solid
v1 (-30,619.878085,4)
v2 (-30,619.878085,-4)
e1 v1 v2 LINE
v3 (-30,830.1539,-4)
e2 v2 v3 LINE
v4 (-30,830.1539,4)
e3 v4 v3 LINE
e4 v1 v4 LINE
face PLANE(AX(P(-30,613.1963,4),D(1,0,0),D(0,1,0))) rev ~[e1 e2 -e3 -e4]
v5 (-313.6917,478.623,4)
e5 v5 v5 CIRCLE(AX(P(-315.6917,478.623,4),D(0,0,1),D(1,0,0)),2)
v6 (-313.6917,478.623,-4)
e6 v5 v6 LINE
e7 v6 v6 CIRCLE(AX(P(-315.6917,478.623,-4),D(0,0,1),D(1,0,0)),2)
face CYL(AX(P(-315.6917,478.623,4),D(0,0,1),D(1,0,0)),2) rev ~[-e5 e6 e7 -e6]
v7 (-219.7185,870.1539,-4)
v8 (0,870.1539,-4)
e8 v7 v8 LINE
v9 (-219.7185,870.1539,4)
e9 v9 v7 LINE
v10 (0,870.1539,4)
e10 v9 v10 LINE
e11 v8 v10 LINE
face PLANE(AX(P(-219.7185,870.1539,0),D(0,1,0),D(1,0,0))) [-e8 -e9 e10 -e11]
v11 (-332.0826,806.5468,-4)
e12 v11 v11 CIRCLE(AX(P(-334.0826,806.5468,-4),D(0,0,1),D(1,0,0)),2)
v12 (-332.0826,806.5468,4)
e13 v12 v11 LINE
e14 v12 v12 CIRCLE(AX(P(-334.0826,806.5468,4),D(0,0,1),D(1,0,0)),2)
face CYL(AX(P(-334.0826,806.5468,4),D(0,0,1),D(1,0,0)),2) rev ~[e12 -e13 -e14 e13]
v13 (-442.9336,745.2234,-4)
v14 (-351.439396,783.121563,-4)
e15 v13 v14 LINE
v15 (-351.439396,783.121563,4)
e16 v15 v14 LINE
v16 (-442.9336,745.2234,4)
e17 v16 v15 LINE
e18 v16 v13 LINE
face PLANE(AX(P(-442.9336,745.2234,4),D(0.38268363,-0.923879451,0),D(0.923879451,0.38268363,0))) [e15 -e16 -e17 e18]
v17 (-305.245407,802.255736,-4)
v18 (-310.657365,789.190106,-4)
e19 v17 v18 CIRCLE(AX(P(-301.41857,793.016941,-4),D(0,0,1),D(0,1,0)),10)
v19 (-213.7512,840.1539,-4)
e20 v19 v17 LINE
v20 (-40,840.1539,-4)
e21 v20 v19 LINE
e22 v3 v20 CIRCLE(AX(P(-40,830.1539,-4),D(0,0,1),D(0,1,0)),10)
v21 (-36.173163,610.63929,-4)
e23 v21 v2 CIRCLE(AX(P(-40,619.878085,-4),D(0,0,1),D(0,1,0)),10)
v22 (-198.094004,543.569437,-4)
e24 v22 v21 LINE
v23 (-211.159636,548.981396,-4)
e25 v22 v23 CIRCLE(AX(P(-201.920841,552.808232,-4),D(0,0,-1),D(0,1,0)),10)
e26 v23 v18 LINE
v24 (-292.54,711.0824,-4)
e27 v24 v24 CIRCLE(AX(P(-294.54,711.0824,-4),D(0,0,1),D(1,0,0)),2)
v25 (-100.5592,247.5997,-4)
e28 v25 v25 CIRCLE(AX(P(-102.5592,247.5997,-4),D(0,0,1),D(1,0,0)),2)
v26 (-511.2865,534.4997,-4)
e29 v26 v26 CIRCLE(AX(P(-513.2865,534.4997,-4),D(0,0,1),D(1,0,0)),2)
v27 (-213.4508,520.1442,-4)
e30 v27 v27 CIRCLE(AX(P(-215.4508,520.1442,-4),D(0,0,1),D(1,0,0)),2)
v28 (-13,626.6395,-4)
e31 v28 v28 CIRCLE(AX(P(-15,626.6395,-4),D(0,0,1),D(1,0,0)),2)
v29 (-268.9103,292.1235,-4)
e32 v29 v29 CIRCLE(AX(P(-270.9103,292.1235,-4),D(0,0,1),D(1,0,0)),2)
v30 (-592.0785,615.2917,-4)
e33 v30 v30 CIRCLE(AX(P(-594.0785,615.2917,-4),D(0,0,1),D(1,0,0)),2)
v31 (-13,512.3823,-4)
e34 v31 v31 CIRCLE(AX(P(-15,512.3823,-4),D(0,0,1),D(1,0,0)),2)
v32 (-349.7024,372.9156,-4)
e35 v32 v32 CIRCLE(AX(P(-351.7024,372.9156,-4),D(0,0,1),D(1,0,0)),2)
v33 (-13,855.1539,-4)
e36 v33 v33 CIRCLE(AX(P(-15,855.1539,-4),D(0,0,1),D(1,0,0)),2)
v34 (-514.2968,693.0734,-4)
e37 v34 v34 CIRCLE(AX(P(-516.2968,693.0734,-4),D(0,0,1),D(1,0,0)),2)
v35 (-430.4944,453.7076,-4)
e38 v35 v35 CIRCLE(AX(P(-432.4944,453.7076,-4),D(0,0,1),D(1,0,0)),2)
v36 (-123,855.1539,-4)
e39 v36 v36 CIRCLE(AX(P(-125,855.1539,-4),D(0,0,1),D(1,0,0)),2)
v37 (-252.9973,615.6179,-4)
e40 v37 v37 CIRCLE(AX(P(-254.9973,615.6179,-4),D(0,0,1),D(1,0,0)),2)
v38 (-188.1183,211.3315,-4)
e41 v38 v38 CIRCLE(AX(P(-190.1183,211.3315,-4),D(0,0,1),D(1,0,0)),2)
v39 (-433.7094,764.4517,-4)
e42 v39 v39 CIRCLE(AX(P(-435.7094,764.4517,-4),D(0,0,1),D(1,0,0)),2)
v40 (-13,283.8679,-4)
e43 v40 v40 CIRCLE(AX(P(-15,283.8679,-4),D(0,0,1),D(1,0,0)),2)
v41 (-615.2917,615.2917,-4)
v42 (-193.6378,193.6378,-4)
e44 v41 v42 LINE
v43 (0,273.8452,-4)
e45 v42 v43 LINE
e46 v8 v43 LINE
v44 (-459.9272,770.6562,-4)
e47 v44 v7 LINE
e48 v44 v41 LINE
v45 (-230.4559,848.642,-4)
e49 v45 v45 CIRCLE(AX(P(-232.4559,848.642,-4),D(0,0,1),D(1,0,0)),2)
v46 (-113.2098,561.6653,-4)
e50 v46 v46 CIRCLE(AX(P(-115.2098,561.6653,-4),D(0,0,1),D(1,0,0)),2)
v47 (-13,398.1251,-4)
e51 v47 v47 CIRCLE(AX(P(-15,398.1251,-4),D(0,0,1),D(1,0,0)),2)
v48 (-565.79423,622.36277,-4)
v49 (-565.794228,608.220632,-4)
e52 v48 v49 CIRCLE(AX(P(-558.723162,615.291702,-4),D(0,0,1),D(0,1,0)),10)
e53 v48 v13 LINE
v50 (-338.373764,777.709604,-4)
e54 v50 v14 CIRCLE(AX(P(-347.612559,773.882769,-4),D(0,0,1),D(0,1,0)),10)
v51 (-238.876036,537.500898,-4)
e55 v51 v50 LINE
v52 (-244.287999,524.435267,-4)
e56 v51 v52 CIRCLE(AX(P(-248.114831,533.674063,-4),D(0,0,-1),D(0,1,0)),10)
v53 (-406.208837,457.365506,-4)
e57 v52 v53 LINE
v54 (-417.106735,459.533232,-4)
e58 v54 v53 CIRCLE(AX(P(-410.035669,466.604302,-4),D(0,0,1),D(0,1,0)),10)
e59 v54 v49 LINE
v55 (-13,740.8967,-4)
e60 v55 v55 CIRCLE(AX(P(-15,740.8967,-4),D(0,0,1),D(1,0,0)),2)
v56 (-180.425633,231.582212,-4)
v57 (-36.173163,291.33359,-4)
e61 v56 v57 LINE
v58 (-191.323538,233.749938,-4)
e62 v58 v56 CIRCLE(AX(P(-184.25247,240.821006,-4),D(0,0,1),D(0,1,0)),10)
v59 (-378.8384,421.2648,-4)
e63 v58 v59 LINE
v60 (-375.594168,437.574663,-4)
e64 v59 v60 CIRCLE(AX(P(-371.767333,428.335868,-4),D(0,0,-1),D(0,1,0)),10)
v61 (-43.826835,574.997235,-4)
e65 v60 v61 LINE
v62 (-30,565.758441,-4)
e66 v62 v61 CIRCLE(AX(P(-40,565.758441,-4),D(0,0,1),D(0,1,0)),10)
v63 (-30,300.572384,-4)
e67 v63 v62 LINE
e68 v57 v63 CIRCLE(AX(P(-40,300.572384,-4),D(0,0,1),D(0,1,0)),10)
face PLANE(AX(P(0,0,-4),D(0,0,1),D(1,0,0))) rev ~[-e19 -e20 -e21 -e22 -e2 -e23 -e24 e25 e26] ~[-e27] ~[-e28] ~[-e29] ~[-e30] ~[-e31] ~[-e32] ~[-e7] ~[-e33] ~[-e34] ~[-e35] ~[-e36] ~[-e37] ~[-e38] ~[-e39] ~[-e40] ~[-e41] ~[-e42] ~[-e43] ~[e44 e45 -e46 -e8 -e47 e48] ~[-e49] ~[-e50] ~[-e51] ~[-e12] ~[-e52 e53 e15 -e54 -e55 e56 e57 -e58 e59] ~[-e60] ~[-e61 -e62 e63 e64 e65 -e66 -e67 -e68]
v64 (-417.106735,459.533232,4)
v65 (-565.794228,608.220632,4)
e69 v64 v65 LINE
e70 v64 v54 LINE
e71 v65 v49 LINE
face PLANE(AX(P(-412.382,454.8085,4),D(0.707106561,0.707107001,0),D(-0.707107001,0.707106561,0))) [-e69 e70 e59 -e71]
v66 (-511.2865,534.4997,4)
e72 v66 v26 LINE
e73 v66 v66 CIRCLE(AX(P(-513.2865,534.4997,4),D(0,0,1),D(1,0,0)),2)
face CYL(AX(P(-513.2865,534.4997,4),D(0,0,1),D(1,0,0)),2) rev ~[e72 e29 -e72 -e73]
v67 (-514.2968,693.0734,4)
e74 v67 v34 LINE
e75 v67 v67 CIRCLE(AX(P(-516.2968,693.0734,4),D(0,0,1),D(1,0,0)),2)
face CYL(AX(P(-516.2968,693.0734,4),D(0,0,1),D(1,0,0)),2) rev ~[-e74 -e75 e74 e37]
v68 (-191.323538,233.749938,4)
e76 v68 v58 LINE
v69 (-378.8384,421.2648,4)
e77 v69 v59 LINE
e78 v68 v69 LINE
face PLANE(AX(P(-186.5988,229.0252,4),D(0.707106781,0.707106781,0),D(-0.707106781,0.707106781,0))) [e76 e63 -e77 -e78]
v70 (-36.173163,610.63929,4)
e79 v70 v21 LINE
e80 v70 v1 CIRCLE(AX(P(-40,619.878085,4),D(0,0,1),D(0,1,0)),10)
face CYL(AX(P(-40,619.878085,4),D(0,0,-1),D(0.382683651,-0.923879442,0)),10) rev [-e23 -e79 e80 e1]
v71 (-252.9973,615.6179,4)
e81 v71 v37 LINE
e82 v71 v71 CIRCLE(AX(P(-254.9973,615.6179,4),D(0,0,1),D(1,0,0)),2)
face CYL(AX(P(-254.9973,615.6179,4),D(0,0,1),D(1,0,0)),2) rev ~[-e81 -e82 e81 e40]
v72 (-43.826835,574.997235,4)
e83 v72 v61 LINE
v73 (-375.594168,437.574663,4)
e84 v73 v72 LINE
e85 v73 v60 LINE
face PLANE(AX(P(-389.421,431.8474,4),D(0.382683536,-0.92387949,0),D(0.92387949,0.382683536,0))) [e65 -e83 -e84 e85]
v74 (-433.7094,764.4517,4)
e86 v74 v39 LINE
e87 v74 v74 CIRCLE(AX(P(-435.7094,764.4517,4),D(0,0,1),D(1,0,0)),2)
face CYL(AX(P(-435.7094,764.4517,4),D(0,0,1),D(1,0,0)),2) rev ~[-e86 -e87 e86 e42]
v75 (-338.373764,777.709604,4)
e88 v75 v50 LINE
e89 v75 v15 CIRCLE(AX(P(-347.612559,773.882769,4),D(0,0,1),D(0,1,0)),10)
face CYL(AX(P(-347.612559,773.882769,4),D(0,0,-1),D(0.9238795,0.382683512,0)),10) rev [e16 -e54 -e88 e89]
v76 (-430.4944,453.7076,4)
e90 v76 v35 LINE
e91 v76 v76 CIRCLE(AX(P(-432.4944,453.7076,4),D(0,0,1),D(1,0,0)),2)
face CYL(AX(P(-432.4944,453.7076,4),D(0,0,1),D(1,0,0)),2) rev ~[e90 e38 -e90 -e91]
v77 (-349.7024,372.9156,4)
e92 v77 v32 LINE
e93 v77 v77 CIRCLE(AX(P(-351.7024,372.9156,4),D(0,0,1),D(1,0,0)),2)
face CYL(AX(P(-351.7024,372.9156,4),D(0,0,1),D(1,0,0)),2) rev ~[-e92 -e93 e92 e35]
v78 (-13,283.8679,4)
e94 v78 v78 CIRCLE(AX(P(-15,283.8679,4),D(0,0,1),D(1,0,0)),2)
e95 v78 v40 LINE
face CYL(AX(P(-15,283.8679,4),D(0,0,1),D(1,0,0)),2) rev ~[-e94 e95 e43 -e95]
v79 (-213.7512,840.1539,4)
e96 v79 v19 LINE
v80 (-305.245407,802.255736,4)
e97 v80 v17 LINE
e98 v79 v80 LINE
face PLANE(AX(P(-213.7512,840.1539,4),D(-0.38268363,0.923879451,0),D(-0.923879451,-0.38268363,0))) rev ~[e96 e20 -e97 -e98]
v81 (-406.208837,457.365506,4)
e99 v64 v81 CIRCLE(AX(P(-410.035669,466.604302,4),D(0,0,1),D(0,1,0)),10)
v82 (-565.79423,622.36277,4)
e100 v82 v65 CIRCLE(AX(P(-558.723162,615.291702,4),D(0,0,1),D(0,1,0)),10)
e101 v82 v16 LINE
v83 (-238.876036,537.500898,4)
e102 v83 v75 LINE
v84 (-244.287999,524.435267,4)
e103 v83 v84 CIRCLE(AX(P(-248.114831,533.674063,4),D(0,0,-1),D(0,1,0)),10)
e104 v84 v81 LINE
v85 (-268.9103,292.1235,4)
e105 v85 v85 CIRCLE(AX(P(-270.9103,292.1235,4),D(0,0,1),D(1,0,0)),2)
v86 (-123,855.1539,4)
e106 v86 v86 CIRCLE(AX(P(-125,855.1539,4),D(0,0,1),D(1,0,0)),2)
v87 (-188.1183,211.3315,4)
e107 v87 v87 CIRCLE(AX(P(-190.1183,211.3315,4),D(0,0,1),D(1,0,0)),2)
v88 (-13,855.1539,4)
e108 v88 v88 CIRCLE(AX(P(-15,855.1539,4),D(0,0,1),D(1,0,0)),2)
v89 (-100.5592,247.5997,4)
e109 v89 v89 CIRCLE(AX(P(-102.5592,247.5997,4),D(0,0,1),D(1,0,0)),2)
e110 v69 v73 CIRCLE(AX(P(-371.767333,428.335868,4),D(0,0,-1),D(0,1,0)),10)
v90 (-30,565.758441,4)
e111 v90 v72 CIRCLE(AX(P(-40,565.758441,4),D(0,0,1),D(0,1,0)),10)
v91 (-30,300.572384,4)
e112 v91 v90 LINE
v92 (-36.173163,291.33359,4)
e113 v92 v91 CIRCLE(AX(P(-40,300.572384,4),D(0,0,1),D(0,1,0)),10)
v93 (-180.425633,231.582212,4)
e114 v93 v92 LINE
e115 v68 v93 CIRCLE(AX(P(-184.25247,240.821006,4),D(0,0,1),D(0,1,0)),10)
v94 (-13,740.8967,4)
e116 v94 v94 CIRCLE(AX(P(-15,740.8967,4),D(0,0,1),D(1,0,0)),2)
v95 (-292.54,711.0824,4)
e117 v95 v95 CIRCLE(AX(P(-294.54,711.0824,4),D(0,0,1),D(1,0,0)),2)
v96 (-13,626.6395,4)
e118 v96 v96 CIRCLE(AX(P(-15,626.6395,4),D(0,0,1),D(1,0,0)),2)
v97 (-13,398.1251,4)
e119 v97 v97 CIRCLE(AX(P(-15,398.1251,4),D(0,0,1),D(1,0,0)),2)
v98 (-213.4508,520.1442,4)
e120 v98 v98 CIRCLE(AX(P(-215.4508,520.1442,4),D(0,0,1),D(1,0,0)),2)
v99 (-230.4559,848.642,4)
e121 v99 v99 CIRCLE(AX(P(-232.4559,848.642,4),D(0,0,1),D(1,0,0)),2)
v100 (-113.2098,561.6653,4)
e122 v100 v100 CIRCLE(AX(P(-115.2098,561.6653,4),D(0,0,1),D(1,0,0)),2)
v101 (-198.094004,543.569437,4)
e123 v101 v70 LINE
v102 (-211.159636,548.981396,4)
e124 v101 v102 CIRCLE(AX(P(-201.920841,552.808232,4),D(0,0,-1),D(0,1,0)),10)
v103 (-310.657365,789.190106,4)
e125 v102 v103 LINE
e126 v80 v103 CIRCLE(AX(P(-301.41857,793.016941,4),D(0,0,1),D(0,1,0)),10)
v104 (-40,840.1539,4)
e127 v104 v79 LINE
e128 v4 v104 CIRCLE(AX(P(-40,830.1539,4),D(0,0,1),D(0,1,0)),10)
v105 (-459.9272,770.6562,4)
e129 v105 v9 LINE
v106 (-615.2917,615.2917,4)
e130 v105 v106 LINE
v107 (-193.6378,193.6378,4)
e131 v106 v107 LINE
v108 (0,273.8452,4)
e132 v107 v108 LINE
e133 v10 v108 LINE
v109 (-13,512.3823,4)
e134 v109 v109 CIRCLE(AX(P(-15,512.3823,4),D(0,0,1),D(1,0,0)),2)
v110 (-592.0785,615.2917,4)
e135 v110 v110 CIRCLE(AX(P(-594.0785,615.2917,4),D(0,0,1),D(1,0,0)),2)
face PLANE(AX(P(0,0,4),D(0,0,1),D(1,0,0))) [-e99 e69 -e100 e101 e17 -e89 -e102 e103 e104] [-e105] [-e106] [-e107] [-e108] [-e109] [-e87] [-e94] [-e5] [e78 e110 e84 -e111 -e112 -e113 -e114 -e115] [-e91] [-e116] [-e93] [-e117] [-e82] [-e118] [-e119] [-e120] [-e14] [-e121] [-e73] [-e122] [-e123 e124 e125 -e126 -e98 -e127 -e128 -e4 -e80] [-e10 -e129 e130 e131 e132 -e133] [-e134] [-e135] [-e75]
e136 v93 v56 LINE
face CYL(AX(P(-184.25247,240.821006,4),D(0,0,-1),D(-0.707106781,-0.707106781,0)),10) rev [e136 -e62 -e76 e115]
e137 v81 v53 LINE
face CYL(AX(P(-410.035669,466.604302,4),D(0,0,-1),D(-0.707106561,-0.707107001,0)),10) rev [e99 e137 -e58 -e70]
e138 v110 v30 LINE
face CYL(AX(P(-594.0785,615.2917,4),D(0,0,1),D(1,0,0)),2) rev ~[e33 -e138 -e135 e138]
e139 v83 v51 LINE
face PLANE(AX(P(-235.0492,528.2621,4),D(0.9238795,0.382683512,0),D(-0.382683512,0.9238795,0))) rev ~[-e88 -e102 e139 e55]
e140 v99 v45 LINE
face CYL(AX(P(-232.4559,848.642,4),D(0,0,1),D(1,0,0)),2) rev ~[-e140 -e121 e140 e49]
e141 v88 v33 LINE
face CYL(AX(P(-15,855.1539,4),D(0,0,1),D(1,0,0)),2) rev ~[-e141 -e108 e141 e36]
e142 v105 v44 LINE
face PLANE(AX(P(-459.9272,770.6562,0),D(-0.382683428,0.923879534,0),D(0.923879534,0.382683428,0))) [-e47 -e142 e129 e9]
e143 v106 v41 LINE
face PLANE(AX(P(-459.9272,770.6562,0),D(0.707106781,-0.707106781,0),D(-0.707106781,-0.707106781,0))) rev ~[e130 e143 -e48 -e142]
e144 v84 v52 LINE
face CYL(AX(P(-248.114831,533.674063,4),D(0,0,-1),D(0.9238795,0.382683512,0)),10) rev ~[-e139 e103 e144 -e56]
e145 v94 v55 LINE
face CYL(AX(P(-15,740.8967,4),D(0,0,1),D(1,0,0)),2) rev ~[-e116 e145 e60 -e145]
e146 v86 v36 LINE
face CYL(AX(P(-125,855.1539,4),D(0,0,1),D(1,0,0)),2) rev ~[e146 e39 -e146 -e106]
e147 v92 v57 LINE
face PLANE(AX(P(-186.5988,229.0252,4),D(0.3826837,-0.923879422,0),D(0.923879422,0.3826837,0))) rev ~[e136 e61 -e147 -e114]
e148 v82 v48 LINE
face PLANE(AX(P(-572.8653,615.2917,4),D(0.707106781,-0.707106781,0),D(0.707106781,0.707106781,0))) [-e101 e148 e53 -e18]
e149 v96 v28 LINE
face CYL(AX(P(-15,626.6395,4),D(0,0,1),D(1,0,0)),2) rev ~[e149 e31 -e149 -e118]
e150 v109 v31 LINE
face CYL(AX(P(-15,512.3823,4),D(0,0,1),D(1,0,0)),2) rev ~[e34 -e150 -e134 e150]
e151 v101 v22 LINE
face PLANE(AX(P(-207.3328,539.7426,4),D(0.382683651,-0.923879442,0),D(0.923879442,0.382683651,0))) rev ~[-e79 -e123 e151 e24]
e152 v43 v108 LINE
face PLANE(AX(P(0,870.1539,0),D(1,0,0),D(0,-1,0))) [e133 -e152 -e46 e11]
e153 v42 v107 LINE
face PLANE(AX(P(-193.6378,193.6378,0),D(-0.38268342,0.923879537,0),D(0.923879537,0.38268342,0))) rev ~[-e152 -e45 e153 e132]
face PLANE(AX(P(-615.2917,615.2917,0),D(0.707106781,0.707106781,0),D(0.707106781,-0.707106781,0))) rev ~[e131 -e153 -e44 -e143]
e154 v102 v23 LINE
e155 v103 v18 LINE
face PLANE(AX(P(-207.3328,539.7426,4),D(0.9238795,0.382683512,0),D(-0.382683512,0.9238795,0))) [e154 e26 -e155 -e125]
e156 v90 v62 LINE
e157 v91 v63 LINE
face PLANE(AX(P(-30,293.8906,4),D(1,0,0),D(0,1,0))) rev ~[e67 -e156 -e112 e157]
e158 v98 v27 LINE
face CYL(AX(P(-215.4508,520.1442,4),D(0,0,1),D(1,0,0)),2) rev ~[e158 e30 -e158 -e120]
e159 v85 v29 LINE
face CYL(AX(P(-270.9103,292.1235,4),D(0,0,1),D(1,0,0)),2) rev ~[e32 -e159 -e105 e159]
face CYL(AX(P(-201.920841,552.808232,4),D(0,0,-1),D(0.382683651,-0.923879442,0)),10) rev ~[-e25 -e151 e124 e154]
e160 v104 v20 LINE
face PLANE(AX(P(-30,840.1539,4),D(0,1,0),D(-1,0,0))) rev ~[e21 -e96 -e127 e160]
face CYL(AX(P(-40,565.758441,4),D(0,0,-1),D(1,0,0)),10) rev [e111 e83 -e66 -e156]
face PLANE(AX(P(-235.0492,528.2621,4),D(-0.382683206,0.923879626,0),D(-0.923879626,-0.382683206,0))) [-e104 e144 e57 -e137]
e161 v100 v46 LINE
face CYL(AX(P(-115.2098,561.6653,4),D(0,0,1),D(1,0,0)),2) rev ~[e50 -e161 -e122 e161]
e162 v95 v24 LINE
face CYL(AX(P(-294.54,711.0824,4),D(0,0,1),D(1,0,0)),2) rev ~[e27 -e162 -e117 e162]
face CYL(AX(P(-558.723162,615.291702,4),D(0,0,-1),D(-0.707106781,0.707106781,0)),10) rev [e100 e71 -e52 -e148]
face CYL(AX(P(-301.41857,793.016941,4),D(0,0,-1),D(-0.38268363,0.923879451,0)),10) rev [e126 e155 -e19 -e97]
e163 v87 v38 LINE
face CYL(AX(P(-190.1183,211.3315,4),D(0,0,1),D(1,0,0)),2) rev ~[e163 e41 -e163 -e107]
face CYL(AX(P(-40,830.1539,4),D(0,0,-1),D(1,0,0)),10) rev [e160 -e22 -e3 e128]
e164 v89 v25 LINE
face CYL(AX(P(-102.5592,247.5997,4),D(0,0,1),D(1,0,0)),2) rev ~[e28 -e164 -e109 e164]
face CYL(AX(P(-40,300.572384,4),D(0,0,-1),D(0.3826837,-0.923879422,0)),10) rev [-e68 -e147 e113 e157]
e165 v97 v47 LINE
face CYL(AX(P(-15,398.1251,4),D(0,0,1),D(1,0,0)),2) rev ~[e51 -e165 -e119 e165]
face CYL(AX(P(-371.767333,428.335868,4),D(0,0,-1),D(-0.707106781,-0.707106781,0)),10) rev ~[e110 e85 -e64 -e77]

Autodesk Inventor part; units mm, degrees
ref_plane "YZ Plane" through (0, 0, 0) normal (1, 0, 0) x (0, 1, 0)
ref_plane "XZ Plane" through (0, 0, 0) normal (0, 1, 0) x (-1, 0, 0)
ref_plane "XY Plane" through (0, 0, 0) normal (0, 0, 1) x (1, 0, 0)
sketch "Sketch1" plane through (0, 0, 0) normal (0, 0, 1) x (1, 0, 0)
  line L0 (0, 273.8452) -> (193.6378, 193.6378) construction
  line L1 (193.6378, 193.6378) -> (273.8452, 0) construction
  line L2 (273.8452, 0) -> (193.6378, -193.6378) construction
  line L3 (193.6378, -193.6378) -> (0, -273.8452) construction
  line L4 (0, -273.8452) -> (-193.6378, -193.6378) construction
  line L5 (-193.6378, -193.6378) -> (-273.8452, 0) construction
  line L6 (-273.8452, 0) -> (-193.6378, 193.6378) construction
  line L7 (-193.6378, 193.6378) -> (0, 273.8452)
  line L8 (-193.6378, 193.6378) -> (0, 273.8452)
  line L9 (-459.9272, 770.6562) -> (-219.7185, 870.1539)
  line L10 (-96.8189, 233.7415) -> (-339.8229, 820.405) construction
  line L11 (-219.7185, 870.1539) -> (0, 870.1539)
  line L12 (0, 870.1539) -> (0, 273.8452)
  line L13 (-459.9272, 770.6562) -> (-615.2917, 615.2917)
  line L14 (-615.2917, 615.2917) -> (-193.6378, 193.6378)
  point P0 (0, 0)
  point P1 (0, 0)
  dimension "d0" = 506
  dimension "d2" = 260
  dimension "d3" = 635
extrude "Extrusion1" add sketch "Sketch1" along normal mid plane 8
sketch "Sketch2" plane through (0, 0, 4) normal (0, 0, 1) x (1, 0, 0)
  line L0 (-219.7185, 870.1539) -> (-459.9272, 770.6562) projected
  line L1 (-459.9272, 770.6562) -> (-615.2917, 615.2917) projected
  line L2 (-235.0492, 528.2621) -> (-412.382, 454.8085)
  line L3 (-193.6378, 193.6378) -> (0, 273.8452) projected
  line L4 (-96.8189, 233.7415) -> (-339.8229, 820.405) construction
  line L5 (-615.2917, 615.2917) -> (-193.6378, 193.6378) projected
  line L6 (-412.382, 454.8085) -> (-572.8653, 615.2917)
  line L7 (-572.8653, 615.2917) -> (-442.9336, 745.2234)
  line L8 (-442.9336, 745.2234) -> (-342.2006, 786.9484)
  line L9 (-235.0492, 528.2621) -> (-342.2006, 786.9484)
  line L10 (-207.3328, 539.7426) -> (-30, 613.1963)
  line L11 (-30, 613.1963) -> (-30, 840.1539)
  line L12 (-30, 840.1539) -> (-213.7512, 840.1539)
  line L13 (-213.7512, 840.1539) -> (-314.4842, 798.4289)
  line L14 (-207.3328, 539.7426) -> (-314.4842, 798.4289)
  line L15 (0, 273.8452) -> (0, 870.1539) projected
  line L16 (-412.382, 454.8085) -> (-30, 613.1963) construction
  line L17 (-389.421, 431.8474) -> (-30, 580.7245)
  line L18 (-186.5988, 229.0252) -> (-30, 293.8906)
  line L19 (-30, 293.8906) -> (-30, 580.7245)
  line L20 (-186.5988, 229.0252) -> (-389.421, 431.8474)
  point P0 (0, 0)
  dimension "d11" = 30
  dimension "d12" = 280
  dimension "d13" = 30
  dimension "d14" = 30
  dimension "d15" = 15
  dimension "d21" = 30
  dimension "d22" = 30
  dimension "d23" = 30
  dimension "d24" = 30
extrude "Extrusion2" cut sketch "Sketch2" against normal up to surface (8 mm away)
fillet "Fillet1" radius 10 12 edges at (-572.8653, 615.2917, 0) (-342.2006, 786.9484, 0) (-235.0492, 528.2621, 0) (-412.382, 454.8085, 0) (-314.4842, 798.4289, 0) (-30, 840.1539, 0) (-30, 613.1963, 0) (-207.3328, 539.7426, 0) (-389.421, 431.8474, 0) (-30, 580.7245, 0) (-30, 293.8906, 0) (-186.5988, 229.0252, 0)
sketch "Sketch5" plane through (0, 0, 4) normal (0, 0, 1) x (1, 0, 0)
  line L0 (-219.7185, 870.1539) -> (-459.9272, 770.6562) projected
  line L1 (0, 870.1539) -> (-219.7185, 870.1539) projected
  line L2 (-459.9272, 770.6562) -> (-615.2917, 615.2917) projected
  line L3 (-615.2917, 615.2917) -> (-193.6378, 193.6378) projected
  line L4 (-193.6378, 193.6378) -> (0, 273.8452) projected
  line L5 (0, 273.8452) -> (0, 870.1539) projected
  line L6 (-15, 855.1539) -> (-216.7349, 855.1539) construction
  line L7 (-216.7349, 855.1539) -> (-451.4304, 757.9398) construction
  line L8 (-451.4304, 757.9398) -> (-594.0785, 615.2917) construction
  line L9 (-594.0785, 615.2917) -> (-190.1183, 211.3315) construction
  line L10 (-190.1183, 211.3315) -> (-15, 283.8679) construction
  line L11 (-15, 283.8679) -> (-15, 855.1539) construction
  line L12 (-375.5942, 437.5747) -> (-43.8268, 574.9973) projected
  line L13 (-211.1597, 548.9814) -> (-310.6574, 789.1901) projected
  line L14 (-415.9015, 437.1147) -> (-15, 603.1736) construction
  line L15 (-215.4508, 520.1442) -> (-334.0826, 806.5468) construction
  circle A0 centre (-334.0826, 806.5468) radius 2
  circle A1 centre (-215.4508, 520.1442) radius 2
  circle A2 centre (-294.54, 711.0824) radius 2
  circle A3 centre (-254.9973, 615.6179) radius 2
  circle A4 centre (-594.0785, 615.2917) radius 2
  circle A5 centre (-513.2865, 534.4997) radius 2
  circle A6 centre (-432.4944, 453.7076) radius 2
  circle A7 centre (-351.7024, 372.9156) radius 2
  circle A8 centre (-270.9103, 292.1235) radius 2
  circle A9 centre (-190.1183, 211.3315) radius 2
  circle A10 centre (-315.6917, 478.623) radius 2
  circle A11 centre (-102.5592, 247.5997) radius 2
  circle A12 centre (-516.2968, 693.0734) radius 2
  circle A13 centre (-435.7094, 764.4517) radius 2
  circle A14 centre (-15, 855.1539) radius 2
  circle A15 centre (-15, 740.8967) radius 2
  circle A16 centre (-15, 626.6395) radius 2
  circle A17 centre (-15, 512.3823) radius 2
  circle A18 centre (-15, 398.1251) radius 2
  circle A19 centre (-15, 283.8679) radius 2
  circle A20 centre (-115.2098, 561.6653) radius 2
  circle A21 centre (-125, 855.1539) radius 2
  circle A22 centre (-232.4559, 848.642) radius 2
  point P0 (0, 0)
  dimension "d32" = 15
  dimension "d33" = 15
  dimension "d34" = 15
  dimension "d35" = 4
  dimension "d37" = 103.33
  dimension "d38" = 103.33
  dimension "d43" = 114.2572
  dimension "d49" = 108.5
  dimension "d50" = 110
  dimension "d51" = 110
extrude "Extrusion4" cut sketch "Sketch5" against normal up to surface (8 mm away) contours A0 | A1 | A2 | A3 | A4 | A5 | A6 | A7 | A8 | A9 | A10 | A11 | A12 | A13 | A14 | A15 | A16 | A17 | A18 | A19 | A20 | A21 | A22
equation "\"d0\" = Барабан_габарит_по_кассетам"
equation "\"d2\" = Кассета_длина_грани"
equation "\"d3\" = Кассета_высота"
equation "\"d11\" = d13"
equation "\"d14\" = d13"
equation "\"d15\" = 0.5 * d13"
equation "\"d21\" = d13"
equation "\"d22\" = d13"
equation "\"d23\" = d13"
equation "\"d24\" = d13"
equation "\"Барабан_габарит_по_кассетам\" = 506"
equation "\"Кассета_длина_грани\" = 260"
equation "\"Кассета_высота\" = 635"
properties part number "ДМС 206 Крепление сетки к кассете"
